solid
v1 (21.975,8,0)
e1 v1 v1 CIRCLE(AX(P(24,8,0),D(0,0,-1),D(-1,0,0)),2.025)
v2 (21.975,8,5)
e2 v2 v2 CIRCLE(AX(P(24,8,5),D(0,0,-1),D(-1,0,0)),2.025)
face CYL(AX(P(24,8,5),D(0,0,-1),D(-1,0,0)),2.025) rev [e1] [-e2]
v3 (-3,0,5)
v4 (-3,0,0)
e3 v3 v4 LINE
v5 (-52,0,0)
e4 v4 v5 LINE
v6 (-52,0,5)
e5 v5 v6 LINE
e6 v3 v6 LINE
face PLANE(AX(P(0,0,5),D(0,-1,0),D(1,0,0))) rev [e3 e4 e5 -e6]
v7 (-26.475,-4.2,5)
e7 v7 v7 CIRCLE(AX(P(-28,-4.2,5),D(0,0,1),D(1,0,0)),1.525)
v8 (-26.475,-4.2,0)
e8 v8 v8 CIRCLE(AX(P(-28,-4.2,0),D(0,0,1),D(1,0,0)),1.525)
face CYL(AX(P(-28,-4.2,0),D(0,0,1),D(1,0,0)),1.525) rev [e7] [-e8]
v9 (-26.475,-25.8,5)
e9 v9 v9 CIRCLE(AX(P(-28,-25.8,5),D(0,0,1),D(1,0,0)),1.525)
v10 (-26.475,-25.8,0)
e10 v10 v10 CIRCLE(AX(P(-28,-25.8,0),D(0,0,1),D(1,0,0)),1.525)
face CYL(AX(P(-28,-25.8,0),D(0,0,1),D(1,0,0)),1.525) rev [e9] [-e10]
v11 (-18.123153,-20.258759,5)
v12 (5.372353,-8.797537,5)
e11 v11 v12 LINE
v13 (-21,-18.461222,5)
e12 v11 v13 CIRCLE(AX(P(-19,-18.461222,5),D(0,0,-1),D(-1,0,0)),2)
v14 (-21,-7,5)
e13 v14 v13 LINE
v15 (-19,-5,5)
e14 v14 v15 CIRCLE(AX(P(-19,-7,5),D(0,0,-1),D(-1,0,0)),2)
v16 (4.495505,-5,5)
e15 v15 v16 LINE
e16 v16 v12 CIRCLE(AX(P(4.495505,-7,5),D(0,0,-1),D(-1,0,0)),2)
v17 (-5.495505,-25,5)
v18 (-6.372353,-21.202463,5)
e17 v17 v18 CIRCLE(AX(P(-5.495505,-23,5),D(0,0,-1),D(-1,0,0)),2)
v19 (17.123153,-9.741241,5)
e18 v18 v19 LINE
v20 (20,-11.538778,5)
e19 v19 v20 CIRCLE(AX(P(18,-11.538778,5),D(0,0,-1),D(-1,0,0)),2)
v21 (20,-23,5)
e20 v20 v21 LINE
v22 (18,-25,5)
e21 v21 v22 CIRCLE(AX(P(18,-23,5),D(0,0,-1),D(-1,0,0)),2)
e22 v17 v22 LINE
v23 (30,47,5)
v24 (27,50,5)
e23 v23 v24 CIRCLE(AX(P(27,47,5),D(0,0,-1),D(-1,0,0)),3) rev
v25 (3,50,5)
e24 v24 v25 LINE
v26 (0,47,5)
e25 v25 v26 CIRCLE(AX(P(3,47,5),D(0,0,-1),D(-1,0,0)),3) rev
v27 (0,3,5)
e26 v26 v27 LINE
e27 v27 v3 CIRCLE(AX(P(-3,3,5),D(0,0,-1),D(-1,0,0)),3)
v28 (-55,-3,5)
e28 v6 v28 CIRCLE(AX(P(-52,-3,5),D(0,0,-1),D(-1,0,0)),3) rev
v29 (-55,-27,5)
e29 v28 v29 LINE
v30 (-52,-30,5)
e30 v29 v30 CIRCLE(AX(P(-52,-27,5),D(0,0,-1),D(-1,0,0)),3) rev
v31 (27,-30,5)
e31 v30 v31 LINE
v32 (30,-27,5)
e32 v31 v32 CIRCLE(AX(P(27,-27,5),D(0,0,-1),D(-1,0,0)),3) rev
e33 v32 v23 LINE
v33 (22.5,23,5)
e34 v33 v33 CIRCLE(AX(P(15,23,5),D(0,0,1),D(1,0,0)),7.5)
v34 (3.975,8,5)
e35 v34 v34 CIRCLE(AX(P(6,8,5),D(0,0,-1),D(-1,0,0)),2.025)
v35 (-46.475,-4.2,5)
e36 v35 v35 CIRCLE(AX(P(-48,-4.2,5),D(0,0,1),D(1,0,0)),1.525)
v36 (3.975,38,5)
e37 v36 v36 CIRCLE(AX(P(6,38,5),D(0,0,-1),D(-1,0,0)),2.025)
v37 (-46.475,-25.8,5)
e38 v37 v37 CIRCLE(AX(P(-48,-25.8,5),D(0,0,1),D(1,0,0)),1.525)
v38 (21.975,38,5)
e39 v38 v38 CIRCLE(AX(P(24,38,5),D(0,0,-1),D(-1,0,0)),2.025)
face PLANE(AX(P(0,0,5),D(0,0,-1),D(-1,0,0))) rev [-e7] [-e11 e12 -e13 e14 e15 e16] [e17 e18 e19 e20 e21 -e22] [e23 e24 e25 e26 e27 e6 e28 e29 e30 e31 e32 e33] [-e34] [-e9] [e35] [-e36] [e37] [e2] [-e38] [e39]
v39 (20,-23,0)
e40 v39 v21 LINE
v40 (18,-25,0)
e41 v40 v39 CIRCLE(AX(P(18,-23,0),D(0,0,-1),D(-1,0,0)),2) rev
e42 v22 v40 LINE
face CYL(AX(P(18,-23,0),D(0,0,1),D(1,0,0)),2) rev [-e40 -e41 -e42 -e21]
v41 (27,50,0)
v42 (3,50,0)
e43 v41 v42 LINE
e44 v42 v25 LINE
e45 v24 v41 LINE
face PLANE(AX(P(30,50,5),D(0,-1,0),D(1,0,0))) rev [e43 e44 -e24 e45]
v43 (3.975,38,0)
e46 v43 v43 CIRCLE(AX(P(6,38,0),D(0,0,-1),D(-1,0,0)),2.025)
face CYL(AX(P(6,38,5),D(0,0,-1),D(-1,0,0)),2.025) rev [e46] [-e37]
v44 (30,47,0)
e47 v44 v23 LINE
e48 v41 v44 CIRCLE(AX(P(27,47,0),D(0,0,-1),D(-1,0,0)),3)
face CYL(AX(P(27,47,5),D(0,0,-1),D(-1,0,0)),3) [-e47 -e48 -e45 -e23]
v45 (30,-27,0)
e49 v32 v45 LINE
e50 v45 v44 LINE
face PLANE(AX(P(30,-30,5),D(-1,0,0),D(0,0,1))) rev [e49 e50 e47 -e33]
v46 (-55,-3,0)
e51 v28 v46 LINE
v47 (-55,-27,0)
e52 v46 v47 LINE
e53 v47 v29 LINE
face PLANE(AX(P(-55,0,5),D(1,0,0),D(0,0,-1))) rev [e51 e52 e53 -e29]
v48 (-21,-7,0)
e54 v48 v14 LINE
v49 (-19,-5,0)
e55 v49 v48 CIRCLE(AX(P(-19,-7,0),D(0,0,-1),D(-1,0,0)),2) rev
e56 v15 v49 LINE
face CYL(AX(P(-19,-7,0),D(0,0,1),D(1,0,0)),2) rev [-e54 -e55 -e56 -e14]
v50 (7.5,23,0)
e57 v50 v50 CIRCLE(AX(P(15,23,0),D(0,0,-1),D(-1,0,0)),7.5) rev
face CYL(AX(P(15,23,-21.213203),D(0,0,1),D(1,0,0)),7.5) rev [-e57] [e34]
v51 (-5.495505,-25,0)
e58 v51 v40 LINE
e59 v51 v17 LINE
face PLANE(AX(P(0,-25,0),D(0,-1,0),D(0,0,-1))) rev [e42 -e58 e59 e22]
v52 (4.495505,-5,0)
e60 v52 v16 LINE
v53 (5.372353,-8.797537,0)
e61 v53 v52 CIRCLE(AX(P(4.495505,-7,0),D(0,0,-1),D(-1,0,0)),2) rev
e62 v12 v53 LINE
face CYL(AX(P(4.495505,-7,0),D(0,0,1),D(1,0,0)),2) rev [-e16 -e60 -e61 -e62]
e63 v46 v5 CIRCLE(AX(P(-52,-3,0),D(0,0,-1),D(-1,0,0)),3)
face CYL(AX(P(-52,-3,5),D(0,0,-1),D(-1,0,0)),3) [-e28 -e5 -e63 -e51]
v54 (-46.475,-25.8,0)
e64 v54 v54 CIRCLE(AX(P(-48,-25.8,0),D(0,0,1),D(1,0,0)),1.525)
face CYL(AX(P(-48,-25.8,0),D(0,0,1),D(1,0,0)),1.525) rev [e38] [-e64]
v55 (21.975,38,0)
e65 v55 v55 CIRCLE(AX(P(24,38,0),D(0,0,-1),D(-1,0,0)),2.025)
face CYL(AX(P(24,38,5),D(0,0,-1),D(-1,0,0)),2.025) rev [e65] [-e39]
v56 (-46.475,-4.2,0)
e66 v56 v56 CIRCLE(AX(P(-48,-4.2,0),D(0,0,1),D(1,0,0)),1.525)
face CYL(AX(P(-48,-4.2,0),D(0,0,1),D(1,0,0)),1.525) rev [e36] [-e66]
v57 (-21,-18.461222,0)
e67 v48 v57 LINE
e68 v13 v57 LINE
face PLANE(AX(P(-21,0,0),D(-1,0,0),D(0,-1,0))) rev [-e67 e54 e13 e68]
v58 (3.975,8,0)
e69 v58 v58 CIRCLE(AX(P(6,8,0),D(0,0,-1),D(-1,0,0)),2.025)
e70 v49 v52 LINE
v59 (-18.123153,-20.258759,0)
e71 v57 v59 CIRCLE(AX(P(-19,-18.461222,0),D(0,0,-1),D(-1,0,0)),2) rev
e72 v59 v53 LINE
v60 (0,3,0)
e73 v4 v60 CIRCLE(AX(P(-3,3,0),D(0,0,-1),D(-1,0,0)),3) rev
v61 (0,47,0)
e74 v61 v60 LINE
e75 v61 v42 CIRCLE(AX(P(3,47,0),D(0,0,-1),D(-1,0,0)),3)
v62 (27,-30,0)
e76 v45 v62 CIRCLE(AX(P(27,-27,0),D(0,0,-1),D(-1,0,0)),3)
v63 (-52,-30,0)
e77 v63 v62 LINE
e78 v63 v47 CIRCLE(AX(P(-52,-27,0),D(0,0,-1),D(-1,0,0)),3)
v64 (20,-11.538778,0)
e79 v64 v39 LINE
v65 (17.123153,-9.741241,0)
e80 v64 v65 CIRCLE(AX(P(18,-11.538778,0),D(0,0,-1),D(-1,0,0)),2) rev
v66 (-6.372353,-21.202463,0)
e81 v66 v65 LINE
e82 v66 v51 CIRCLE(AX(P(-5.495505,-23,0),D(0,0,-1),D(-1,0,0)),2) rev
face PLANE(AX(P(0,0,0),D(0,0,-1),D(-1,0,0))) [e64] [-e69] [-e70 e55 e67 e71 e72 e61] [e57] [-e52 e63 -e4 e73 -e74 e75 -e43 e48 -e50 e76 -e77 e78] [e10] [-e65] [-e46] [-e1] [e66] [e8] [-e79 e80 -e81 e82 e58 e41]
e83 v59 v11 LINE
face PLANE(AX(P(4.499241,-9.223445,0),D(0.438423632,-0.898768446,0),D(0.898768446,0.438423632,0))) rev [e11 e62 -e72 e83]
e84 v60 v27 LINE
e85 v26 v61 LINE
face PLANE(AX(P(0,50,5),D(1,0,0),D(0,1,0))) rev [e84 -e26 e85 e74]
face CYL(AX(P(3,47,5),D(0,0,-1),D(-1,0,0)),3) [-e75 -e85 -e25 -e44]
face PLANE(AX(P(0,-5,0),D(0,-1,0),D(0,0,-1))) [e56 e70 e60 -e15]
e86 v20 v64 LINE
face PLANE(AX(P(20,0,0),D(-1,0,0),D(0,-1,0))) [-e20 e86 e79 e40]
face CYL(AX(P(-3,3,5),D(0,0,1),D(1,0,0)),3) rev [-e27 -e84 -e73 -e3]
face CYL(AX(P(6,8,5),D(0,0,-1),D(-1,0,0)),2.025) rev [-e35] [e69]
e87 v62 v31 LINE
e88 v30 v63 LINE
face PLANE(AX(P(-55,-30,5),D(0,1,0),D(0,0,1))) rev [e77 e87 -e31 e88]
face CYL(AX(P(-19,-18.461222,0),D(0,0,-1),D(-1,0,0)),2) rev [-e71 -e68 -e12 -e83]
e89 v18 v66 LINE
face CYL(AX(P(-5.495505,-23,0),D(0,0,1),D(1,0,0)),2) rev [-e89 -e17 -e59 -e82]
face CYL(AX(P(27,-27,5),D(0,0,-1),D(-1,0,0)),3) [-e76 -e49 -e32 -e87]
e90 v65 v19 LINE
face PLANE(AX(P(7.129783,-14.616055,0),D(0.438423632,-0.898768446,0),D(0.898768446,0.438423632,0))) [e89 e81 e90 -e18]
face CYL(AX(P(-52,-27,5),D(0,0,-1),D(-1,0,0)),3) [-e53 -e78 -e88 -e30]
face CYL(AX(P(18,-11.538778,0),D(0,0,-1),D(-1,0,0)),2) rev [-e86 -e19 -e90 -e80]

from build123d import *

# Parameters (mm, degrees)
EXTRUDE_1_DEPTH          = 5
SKETCH_3_R               = 2.025
CUT_EXTRUDE_1_DEPTH      = 1
CUT_EXTRUDE_1_DEPTH_BACK = 6
FILLET_1_R               = 3
SKETCH_4_R               = 1.525
CUT_EXTRUDE_2_DEPTH      = 1
CUT_EXTRUDE_2_DEPTH_BACK = 6
CUT_EXTRUDE_3_DEPTH      = 6
FILLET_2_R               = 2
SKETCH_8_R               = 7.5
CUT_EXTRUDE_4_DEPTH      = 5


with BuildPart() as part:
    # 草图1 → 凸台-拉伸1 (new body)
    with BuildSketch(Plane.XY):
        Polygon((0, 0), (-55, 0), (-55, -30), (30, -30), (30, 50), (0, 50), align=None)
    extrude(amount=EXTRUDE_1_DEPTH)

    # 草图3 → 切除-拉伸1 (cut, two sides)
    with BuildSketch(Plane(origin=(0, 0, 0), x_dir=(-1, 0, 0), z_dir=(0, 0, -1))) as cut_extrude_1_sk:
        with Locations((-24, 38)):
            Circle(SKETCH_3_R)
        with Locations((-6, 38)):
            Circle(SKETCH_3_R)
        with Locations((-24, 8)):
            Circle(SKETCH_3_R)
        with Locations((-6, 8)):
            Circle(SKETCH_3_R)
    extrude(amount=CUT_EXTRUDE_1_DEPTH, mode=Mode.SUBTRACT)
    extrude(cut_extrude_1_sk.sketch, amount=-CUT_EXTRUDE_1_DEPTH_BACK, mode=Mode.SUBTRACT)

    # 圆角1
    fillet_1_edges = [part.edges().sort_by_distance(p)[0] for p in [
        (0, 50, 2.5),
        (30, 50, 2.5),
        (30, -30, 2.5),
        (-55, -30, 2.5),
        (-55, 0, 2.5),
        (0, 0, 2.5),
    ]]
    fillet(fillet_1_edges, radius=FILLET_1_R)

    # 草图4 → 切除-拉伸2 (cut, two sides)
    with BuildSketch(Plane.XY.offset(5)) as cut_extrude_2_sk:
        with Locations((-48, -25.8)):
            Circle(SKETCH_4_R)
        with Locations((-48, -4.2)):
            Circle(SKETCH_4_R)
        with Locations((-28, -4.2)):
            Circle(SKETCH_4_R)
        with Locations((-28, -25.8)):
            Circle(SKETCH_4_R)
    extrude(amount=CUT_EXTRUDE_2_DEPTH, mode=Mode.SUBTRACT)
    extrude(cut_extrude_2_sk.sketch, amount=-CUT_EXTRUDE_2_DEPTH_BACK, mode=Mode.SUBTRACT)

    # 草图7 → 切除-拉伸3 (cut, through all)
    with BuildSketch(Plane.XY.offset(5)):
        Polygon((13.157303163, -5), (-21, -5), (-21, -21.662099104), align=None)
        Polygon((20, -25), (20, -8.337900896), (-14.157303163, -25), align=None)
    extrude(amount=-CUT_EXTRUDE_3_DEPTH, mode=Mode.SUBTRACT)

    # 圆角2
    fillet_2_edges = [part.edges().sort_by_distance(p)[0] for p in [
        (-14.157303163, -25, 2.5),
        (20, -8.337900896, 2.5),
        (20, -25, 2.5),
        (-21, -21.662099104, 2.5),
        (-21, -5, 2.5),
        (13.157303163, -5, 2.5),
    ]]
    fillet(fillet_2_edges, radius=FILLET_2_R)

    # 草图8 → 切除-拉伸4 (cut)
    with BuildSketch(Plane.XY.offset(5)):
        with Locations((15, 23)):
            Circle(SKETCH_8_R)
    extrude(amount=-CUT_EXTRUDE_4_DEPTH, mode=Mode.SUBTRACT)


solid = part.part
